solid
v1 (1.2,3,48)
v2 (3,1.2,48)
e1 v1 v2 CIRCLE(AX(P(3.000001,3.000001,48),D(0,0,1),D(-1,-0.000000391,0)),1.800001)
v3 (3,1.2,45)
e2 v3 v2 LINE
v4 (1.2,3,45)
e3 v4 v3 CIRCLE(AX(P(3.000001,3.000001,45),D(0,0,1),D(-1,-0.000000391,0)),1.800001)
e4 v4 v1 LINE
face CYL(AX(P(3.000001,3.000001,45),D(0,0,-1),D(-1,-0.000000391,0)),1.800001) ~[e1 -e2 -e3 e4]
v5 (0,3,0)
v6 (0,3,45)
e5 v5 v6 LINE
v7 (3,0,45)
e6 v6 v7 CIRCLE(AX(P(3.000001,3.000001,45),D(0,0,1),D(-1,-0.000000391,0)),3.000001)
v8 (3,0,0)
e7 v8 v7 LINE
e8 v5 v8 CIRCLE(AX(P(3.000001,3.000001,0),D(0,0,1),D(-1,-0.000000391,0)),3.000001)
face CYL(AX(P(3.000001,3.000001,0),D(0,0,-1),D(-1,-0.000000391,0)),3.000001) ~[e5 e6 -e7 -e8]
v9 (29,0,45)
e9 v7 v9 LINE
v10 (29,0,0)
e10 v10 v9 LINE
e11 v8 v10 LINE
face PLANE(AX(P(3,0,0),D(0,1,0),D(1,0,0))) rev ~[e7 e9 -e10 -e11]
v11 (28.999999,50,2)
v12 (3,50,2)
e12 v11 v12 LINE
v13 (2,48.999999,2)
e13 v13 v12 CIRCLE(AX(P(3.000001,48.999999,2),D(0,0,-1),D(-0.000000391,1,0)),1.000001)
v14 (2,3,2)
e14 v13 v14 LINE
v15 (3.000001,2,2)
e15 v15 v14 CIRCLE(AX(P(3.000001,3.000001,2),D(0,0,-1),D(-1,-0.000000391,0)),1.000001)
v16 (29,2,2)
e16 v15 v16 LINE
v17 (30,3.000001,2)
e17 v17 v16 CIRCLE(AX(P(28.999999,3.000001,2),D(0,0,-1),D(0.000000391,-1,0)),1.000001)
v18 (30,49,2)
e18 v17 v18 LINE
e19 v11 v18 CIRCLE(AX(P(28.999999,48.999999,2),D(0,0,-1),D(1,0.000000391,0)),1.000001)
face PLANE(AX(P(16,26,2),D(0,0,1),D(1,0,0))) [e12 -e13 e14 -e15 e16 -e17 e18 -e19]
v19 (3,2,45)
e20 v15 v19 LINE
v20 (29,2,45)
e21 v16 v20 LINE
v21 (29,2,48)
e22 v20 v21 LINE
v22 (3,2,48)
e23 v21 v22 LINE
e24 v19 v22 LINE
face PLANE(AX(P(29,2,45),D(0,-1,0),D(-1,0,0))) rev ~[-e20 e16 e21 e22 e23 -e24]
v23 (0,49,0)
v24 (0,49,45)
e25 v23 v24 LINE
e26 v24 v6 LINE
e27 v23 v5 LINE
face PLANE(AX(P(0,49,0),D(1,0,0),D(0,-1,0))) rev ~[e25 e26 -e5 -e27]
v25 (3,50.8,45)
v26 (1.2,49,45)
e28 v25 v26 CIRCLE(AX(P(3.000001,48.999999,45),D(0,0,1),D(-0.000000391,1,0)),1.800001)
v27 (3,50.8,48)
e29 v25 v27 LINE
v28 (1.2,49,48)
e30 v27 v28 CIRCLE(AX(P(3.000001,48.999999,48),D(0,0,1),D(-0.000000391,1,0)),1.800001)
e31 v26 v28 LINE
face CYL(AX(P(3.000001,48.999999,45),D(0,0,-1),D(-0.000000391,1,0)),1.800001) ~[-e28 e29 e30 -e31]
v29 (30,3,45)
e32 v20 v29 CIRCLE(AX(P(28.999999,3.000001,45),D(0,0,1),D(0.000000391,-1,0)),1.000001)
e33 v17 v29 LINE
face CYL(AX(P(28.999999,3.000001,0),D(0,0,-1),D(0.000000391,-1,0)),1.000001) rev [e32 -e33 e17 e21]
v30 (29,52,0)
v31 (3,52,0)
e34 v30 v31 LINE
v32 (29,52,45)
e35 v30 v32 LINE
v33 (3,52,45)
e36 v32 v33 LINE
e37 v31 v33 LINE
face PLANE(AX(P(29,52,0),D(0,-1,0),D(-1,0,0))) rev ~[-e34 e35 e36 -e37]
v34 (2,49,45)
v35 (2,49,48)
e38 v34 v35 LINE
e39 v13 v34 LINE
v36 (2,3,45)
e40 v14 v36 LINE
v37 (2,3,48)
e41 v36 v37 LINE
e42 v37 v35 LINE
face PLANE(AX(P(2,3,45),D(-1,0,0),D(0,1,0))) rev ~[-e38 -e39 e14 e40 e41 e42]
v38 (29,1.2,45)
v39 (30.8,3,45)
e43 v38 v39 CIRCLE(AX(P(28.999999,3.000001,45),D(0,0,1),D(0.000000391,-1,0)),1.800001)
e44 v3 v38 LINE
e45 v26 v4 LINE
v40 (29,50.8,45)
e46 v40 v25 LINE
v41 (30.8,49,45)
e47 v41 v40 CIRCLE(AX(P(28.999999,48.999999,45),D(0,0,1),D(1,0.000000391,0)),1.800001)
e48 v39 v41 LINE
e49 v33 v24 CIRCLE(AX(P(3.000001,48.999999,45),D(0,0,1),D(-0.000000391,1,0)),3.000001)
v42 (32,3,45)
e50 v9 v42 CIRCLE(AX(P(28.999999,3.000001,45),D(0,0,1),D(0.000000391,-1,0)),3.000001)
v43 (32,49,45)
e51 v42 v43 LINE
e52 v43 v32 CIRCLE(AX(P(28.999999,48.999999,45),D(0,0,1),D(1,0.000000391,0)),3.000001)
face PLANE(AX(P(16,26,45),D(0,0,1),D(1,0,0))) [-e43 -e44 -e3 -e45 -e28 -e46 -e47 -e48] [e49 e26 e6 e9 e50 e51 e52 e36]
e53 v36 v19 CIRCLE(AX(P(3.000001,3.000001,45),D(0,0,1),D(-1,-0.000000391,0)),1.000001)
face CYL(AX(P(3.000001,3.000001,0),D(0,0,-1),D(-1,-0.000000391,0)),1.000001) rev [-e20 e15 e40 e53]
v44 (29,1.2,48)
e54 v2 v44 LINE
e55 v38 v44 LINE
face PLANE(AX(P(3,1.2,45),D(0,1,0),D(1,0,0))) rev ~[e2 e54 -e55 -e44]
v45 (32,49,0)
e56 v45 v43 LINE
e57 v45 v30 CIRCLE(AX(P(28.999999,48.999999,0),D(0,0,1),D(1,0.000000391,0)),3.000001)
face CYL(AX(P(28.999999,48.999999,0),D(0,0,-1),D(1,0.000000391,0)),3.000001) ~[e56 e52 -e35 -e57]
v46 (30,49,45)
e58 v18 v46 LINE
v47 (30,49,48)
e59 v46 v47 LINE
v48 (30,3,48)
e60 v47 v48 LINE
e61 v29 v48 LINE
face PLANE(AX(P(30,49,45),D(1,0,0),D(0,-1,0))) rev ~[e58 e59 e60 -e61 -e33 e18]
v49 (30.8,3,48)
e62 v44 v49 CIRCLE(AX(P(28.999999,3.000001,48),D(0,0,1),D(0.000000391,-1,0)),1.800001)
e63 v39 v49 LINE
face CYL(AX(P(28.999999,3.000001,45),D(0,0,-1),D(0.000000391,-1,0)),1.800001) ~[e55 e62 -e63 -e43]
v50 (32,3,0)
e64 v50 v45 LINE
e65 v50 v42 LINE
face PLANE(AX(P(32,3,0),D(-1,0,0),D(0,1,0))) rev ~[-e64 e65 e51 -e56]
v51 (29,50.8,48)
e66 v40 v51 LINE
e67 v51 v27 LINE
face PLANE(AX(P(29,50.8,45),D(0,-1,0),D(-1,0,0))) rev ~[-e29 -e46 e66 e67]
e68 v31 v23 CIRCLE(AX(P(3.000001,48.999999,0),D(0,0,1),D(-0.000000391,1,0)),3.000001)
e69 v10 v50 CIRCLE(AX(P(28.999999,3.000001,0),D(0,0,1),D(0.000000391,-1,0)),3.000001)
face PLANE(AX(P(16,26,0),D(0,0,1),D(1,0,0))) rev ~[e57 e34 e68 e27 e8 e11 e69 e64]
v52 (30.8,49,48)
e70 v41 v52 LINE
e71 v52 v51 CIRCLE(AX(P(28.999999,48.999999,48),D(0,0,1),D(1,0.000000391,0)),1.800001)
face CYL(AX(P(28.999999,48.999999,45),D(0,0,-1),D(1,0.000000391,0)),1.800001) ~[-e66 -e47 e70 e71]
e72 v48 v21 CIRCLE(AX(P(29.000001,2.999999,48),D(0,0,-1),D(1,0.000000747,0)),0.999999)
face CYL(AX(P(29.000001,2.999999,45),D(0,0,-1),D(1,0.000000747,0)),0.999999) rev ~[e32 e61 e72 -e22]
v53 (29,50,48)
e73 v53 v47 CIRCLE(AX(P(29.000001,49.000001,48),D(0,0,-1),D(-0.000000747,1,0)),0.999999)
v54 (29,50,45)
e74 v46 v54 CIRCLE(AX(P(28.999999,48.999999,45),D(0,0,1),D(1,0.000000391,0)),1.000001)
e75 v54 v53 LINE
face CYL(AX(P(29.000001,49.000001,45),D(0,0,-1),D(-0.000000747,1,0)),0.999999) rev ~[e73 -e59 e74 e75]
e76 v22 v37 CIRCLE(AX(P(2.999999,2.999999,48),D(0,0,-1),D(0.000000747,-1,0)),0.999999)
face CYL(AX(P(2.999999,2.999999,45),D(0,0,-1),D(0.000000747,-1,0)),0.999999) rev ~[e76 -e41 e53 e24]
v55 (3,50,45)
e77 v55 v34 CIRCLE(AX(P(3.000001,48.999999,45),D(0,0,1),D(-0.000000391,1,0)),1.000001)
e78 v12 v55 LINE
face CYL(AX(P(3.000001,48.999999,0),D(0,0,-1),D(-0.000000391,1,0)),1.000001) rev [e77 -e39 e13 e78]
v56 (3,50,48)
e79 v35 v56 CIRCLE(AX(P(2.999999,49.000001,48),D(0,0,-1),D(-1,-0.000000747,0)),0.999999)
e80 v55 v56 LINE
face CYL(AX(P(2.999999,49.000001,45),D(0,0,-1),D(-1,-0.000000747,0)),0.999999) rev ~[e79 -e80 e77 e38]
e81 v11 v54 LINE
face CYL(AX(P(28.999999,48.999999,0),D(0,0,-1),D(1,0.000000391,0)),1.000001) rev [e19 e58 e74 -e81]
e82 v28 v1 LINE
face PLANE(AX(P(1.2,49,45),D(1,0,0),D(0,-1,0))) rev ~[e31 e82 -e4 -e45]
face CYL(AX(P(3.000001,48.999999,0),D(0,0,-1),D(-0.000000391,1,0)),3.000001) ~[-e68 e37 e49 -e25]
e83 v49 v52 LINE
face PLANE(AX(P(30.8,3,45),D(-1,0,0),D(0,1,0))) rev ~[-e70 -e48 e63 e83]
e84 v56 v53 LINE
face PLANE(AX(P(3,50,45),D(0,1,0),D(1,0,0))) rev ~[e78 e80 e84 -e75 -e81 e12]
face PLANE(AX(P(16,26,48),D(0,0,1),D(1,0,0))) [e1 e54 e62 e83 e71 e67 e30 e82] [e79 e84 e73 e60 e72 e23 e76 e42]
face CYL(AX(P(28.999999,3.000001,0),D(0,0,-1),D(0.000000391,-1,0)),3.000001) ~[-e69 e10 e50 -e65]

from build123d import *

# Parameters (mm, degrees)
F1_DEPTH = 45
F2_T     = -2
F4_DEPTH = 3


with BuildPart() as f1:
    # F0 (on Top) → F1 (new body)
    with BuildSketch(Plane.XY):
        with BuildLine():
            ThreePointArc((0, 3), (0.87868, 0.87868), (3, 0))
            Line((3, 0), (29, 0))
            ThreePointArc((29, 0), (31.12132, 0.87868), (32, 3))
            Line((32, 3), (32, 49))
            ThreePointArc((32, 49), (31.12132, 51.12132), (29, 52))
            Line((29, 52), (3, 52))
            ThreePointArc((3, 52), (0.87868, 51.12132), (0, 49))
            Line((0, 49), (0, 3))
        make_face()
    extrude(amount=F1_DEPTH)

    # F2
    f2_openings = [f1.faces().sort_by_distance(p)[0] for p in [
        (16, 26, 45),
    ]]
    offset(amount=F2_T, openings=f2_openings)

    # F3 (on face) → F4 (join)
    with BuildSketch(Plane.XY.offset(45)):
        with BuildLine():
            Line((29, 50.8), (3, 50.8))
            ThreePointArc((3, 50.8), (1.727208, 50.272792), (1.2, 49))
            Line((1.2, 49), (1.2, 3))
            ThreePointArc((1.2, 3), (1.727208, 1.727208), (3, 1.2))
            Line((3, 1.2), (29, 1.2))
            ThreePointArc((29, 1.2), (30.272792, 1.727208), (30.8, 3))
            Line((30.8, 3), (30.8, 49))
            ThreePointArc((30.8, 49), (30.272792, 50.272792), (29, 50.8))
        make_face()
        with BuildLine():
            Line((29, 2), (3, 2))
            ThreePointArc((3, 2), (2.292893, 2.292893), (2, 3))
            Line((2, 3), (2, 49))
            ThreePointArc((2, 49), (2.292893, 49.707107), (3, 50))
            Line((3, 50), (29, 50))
            ThreePointArc((29, 50), (29.707107, 49.707107), (30, 49))
            Line((30, 49), (30, 3))
            ThreePointArc((30, 3), (29.707107, 2.292893), (29, 2))
        make_face(mode=Mode.SUBTRACT)
    extrude(amount=F4_DEPTH)


solid = f1.part
